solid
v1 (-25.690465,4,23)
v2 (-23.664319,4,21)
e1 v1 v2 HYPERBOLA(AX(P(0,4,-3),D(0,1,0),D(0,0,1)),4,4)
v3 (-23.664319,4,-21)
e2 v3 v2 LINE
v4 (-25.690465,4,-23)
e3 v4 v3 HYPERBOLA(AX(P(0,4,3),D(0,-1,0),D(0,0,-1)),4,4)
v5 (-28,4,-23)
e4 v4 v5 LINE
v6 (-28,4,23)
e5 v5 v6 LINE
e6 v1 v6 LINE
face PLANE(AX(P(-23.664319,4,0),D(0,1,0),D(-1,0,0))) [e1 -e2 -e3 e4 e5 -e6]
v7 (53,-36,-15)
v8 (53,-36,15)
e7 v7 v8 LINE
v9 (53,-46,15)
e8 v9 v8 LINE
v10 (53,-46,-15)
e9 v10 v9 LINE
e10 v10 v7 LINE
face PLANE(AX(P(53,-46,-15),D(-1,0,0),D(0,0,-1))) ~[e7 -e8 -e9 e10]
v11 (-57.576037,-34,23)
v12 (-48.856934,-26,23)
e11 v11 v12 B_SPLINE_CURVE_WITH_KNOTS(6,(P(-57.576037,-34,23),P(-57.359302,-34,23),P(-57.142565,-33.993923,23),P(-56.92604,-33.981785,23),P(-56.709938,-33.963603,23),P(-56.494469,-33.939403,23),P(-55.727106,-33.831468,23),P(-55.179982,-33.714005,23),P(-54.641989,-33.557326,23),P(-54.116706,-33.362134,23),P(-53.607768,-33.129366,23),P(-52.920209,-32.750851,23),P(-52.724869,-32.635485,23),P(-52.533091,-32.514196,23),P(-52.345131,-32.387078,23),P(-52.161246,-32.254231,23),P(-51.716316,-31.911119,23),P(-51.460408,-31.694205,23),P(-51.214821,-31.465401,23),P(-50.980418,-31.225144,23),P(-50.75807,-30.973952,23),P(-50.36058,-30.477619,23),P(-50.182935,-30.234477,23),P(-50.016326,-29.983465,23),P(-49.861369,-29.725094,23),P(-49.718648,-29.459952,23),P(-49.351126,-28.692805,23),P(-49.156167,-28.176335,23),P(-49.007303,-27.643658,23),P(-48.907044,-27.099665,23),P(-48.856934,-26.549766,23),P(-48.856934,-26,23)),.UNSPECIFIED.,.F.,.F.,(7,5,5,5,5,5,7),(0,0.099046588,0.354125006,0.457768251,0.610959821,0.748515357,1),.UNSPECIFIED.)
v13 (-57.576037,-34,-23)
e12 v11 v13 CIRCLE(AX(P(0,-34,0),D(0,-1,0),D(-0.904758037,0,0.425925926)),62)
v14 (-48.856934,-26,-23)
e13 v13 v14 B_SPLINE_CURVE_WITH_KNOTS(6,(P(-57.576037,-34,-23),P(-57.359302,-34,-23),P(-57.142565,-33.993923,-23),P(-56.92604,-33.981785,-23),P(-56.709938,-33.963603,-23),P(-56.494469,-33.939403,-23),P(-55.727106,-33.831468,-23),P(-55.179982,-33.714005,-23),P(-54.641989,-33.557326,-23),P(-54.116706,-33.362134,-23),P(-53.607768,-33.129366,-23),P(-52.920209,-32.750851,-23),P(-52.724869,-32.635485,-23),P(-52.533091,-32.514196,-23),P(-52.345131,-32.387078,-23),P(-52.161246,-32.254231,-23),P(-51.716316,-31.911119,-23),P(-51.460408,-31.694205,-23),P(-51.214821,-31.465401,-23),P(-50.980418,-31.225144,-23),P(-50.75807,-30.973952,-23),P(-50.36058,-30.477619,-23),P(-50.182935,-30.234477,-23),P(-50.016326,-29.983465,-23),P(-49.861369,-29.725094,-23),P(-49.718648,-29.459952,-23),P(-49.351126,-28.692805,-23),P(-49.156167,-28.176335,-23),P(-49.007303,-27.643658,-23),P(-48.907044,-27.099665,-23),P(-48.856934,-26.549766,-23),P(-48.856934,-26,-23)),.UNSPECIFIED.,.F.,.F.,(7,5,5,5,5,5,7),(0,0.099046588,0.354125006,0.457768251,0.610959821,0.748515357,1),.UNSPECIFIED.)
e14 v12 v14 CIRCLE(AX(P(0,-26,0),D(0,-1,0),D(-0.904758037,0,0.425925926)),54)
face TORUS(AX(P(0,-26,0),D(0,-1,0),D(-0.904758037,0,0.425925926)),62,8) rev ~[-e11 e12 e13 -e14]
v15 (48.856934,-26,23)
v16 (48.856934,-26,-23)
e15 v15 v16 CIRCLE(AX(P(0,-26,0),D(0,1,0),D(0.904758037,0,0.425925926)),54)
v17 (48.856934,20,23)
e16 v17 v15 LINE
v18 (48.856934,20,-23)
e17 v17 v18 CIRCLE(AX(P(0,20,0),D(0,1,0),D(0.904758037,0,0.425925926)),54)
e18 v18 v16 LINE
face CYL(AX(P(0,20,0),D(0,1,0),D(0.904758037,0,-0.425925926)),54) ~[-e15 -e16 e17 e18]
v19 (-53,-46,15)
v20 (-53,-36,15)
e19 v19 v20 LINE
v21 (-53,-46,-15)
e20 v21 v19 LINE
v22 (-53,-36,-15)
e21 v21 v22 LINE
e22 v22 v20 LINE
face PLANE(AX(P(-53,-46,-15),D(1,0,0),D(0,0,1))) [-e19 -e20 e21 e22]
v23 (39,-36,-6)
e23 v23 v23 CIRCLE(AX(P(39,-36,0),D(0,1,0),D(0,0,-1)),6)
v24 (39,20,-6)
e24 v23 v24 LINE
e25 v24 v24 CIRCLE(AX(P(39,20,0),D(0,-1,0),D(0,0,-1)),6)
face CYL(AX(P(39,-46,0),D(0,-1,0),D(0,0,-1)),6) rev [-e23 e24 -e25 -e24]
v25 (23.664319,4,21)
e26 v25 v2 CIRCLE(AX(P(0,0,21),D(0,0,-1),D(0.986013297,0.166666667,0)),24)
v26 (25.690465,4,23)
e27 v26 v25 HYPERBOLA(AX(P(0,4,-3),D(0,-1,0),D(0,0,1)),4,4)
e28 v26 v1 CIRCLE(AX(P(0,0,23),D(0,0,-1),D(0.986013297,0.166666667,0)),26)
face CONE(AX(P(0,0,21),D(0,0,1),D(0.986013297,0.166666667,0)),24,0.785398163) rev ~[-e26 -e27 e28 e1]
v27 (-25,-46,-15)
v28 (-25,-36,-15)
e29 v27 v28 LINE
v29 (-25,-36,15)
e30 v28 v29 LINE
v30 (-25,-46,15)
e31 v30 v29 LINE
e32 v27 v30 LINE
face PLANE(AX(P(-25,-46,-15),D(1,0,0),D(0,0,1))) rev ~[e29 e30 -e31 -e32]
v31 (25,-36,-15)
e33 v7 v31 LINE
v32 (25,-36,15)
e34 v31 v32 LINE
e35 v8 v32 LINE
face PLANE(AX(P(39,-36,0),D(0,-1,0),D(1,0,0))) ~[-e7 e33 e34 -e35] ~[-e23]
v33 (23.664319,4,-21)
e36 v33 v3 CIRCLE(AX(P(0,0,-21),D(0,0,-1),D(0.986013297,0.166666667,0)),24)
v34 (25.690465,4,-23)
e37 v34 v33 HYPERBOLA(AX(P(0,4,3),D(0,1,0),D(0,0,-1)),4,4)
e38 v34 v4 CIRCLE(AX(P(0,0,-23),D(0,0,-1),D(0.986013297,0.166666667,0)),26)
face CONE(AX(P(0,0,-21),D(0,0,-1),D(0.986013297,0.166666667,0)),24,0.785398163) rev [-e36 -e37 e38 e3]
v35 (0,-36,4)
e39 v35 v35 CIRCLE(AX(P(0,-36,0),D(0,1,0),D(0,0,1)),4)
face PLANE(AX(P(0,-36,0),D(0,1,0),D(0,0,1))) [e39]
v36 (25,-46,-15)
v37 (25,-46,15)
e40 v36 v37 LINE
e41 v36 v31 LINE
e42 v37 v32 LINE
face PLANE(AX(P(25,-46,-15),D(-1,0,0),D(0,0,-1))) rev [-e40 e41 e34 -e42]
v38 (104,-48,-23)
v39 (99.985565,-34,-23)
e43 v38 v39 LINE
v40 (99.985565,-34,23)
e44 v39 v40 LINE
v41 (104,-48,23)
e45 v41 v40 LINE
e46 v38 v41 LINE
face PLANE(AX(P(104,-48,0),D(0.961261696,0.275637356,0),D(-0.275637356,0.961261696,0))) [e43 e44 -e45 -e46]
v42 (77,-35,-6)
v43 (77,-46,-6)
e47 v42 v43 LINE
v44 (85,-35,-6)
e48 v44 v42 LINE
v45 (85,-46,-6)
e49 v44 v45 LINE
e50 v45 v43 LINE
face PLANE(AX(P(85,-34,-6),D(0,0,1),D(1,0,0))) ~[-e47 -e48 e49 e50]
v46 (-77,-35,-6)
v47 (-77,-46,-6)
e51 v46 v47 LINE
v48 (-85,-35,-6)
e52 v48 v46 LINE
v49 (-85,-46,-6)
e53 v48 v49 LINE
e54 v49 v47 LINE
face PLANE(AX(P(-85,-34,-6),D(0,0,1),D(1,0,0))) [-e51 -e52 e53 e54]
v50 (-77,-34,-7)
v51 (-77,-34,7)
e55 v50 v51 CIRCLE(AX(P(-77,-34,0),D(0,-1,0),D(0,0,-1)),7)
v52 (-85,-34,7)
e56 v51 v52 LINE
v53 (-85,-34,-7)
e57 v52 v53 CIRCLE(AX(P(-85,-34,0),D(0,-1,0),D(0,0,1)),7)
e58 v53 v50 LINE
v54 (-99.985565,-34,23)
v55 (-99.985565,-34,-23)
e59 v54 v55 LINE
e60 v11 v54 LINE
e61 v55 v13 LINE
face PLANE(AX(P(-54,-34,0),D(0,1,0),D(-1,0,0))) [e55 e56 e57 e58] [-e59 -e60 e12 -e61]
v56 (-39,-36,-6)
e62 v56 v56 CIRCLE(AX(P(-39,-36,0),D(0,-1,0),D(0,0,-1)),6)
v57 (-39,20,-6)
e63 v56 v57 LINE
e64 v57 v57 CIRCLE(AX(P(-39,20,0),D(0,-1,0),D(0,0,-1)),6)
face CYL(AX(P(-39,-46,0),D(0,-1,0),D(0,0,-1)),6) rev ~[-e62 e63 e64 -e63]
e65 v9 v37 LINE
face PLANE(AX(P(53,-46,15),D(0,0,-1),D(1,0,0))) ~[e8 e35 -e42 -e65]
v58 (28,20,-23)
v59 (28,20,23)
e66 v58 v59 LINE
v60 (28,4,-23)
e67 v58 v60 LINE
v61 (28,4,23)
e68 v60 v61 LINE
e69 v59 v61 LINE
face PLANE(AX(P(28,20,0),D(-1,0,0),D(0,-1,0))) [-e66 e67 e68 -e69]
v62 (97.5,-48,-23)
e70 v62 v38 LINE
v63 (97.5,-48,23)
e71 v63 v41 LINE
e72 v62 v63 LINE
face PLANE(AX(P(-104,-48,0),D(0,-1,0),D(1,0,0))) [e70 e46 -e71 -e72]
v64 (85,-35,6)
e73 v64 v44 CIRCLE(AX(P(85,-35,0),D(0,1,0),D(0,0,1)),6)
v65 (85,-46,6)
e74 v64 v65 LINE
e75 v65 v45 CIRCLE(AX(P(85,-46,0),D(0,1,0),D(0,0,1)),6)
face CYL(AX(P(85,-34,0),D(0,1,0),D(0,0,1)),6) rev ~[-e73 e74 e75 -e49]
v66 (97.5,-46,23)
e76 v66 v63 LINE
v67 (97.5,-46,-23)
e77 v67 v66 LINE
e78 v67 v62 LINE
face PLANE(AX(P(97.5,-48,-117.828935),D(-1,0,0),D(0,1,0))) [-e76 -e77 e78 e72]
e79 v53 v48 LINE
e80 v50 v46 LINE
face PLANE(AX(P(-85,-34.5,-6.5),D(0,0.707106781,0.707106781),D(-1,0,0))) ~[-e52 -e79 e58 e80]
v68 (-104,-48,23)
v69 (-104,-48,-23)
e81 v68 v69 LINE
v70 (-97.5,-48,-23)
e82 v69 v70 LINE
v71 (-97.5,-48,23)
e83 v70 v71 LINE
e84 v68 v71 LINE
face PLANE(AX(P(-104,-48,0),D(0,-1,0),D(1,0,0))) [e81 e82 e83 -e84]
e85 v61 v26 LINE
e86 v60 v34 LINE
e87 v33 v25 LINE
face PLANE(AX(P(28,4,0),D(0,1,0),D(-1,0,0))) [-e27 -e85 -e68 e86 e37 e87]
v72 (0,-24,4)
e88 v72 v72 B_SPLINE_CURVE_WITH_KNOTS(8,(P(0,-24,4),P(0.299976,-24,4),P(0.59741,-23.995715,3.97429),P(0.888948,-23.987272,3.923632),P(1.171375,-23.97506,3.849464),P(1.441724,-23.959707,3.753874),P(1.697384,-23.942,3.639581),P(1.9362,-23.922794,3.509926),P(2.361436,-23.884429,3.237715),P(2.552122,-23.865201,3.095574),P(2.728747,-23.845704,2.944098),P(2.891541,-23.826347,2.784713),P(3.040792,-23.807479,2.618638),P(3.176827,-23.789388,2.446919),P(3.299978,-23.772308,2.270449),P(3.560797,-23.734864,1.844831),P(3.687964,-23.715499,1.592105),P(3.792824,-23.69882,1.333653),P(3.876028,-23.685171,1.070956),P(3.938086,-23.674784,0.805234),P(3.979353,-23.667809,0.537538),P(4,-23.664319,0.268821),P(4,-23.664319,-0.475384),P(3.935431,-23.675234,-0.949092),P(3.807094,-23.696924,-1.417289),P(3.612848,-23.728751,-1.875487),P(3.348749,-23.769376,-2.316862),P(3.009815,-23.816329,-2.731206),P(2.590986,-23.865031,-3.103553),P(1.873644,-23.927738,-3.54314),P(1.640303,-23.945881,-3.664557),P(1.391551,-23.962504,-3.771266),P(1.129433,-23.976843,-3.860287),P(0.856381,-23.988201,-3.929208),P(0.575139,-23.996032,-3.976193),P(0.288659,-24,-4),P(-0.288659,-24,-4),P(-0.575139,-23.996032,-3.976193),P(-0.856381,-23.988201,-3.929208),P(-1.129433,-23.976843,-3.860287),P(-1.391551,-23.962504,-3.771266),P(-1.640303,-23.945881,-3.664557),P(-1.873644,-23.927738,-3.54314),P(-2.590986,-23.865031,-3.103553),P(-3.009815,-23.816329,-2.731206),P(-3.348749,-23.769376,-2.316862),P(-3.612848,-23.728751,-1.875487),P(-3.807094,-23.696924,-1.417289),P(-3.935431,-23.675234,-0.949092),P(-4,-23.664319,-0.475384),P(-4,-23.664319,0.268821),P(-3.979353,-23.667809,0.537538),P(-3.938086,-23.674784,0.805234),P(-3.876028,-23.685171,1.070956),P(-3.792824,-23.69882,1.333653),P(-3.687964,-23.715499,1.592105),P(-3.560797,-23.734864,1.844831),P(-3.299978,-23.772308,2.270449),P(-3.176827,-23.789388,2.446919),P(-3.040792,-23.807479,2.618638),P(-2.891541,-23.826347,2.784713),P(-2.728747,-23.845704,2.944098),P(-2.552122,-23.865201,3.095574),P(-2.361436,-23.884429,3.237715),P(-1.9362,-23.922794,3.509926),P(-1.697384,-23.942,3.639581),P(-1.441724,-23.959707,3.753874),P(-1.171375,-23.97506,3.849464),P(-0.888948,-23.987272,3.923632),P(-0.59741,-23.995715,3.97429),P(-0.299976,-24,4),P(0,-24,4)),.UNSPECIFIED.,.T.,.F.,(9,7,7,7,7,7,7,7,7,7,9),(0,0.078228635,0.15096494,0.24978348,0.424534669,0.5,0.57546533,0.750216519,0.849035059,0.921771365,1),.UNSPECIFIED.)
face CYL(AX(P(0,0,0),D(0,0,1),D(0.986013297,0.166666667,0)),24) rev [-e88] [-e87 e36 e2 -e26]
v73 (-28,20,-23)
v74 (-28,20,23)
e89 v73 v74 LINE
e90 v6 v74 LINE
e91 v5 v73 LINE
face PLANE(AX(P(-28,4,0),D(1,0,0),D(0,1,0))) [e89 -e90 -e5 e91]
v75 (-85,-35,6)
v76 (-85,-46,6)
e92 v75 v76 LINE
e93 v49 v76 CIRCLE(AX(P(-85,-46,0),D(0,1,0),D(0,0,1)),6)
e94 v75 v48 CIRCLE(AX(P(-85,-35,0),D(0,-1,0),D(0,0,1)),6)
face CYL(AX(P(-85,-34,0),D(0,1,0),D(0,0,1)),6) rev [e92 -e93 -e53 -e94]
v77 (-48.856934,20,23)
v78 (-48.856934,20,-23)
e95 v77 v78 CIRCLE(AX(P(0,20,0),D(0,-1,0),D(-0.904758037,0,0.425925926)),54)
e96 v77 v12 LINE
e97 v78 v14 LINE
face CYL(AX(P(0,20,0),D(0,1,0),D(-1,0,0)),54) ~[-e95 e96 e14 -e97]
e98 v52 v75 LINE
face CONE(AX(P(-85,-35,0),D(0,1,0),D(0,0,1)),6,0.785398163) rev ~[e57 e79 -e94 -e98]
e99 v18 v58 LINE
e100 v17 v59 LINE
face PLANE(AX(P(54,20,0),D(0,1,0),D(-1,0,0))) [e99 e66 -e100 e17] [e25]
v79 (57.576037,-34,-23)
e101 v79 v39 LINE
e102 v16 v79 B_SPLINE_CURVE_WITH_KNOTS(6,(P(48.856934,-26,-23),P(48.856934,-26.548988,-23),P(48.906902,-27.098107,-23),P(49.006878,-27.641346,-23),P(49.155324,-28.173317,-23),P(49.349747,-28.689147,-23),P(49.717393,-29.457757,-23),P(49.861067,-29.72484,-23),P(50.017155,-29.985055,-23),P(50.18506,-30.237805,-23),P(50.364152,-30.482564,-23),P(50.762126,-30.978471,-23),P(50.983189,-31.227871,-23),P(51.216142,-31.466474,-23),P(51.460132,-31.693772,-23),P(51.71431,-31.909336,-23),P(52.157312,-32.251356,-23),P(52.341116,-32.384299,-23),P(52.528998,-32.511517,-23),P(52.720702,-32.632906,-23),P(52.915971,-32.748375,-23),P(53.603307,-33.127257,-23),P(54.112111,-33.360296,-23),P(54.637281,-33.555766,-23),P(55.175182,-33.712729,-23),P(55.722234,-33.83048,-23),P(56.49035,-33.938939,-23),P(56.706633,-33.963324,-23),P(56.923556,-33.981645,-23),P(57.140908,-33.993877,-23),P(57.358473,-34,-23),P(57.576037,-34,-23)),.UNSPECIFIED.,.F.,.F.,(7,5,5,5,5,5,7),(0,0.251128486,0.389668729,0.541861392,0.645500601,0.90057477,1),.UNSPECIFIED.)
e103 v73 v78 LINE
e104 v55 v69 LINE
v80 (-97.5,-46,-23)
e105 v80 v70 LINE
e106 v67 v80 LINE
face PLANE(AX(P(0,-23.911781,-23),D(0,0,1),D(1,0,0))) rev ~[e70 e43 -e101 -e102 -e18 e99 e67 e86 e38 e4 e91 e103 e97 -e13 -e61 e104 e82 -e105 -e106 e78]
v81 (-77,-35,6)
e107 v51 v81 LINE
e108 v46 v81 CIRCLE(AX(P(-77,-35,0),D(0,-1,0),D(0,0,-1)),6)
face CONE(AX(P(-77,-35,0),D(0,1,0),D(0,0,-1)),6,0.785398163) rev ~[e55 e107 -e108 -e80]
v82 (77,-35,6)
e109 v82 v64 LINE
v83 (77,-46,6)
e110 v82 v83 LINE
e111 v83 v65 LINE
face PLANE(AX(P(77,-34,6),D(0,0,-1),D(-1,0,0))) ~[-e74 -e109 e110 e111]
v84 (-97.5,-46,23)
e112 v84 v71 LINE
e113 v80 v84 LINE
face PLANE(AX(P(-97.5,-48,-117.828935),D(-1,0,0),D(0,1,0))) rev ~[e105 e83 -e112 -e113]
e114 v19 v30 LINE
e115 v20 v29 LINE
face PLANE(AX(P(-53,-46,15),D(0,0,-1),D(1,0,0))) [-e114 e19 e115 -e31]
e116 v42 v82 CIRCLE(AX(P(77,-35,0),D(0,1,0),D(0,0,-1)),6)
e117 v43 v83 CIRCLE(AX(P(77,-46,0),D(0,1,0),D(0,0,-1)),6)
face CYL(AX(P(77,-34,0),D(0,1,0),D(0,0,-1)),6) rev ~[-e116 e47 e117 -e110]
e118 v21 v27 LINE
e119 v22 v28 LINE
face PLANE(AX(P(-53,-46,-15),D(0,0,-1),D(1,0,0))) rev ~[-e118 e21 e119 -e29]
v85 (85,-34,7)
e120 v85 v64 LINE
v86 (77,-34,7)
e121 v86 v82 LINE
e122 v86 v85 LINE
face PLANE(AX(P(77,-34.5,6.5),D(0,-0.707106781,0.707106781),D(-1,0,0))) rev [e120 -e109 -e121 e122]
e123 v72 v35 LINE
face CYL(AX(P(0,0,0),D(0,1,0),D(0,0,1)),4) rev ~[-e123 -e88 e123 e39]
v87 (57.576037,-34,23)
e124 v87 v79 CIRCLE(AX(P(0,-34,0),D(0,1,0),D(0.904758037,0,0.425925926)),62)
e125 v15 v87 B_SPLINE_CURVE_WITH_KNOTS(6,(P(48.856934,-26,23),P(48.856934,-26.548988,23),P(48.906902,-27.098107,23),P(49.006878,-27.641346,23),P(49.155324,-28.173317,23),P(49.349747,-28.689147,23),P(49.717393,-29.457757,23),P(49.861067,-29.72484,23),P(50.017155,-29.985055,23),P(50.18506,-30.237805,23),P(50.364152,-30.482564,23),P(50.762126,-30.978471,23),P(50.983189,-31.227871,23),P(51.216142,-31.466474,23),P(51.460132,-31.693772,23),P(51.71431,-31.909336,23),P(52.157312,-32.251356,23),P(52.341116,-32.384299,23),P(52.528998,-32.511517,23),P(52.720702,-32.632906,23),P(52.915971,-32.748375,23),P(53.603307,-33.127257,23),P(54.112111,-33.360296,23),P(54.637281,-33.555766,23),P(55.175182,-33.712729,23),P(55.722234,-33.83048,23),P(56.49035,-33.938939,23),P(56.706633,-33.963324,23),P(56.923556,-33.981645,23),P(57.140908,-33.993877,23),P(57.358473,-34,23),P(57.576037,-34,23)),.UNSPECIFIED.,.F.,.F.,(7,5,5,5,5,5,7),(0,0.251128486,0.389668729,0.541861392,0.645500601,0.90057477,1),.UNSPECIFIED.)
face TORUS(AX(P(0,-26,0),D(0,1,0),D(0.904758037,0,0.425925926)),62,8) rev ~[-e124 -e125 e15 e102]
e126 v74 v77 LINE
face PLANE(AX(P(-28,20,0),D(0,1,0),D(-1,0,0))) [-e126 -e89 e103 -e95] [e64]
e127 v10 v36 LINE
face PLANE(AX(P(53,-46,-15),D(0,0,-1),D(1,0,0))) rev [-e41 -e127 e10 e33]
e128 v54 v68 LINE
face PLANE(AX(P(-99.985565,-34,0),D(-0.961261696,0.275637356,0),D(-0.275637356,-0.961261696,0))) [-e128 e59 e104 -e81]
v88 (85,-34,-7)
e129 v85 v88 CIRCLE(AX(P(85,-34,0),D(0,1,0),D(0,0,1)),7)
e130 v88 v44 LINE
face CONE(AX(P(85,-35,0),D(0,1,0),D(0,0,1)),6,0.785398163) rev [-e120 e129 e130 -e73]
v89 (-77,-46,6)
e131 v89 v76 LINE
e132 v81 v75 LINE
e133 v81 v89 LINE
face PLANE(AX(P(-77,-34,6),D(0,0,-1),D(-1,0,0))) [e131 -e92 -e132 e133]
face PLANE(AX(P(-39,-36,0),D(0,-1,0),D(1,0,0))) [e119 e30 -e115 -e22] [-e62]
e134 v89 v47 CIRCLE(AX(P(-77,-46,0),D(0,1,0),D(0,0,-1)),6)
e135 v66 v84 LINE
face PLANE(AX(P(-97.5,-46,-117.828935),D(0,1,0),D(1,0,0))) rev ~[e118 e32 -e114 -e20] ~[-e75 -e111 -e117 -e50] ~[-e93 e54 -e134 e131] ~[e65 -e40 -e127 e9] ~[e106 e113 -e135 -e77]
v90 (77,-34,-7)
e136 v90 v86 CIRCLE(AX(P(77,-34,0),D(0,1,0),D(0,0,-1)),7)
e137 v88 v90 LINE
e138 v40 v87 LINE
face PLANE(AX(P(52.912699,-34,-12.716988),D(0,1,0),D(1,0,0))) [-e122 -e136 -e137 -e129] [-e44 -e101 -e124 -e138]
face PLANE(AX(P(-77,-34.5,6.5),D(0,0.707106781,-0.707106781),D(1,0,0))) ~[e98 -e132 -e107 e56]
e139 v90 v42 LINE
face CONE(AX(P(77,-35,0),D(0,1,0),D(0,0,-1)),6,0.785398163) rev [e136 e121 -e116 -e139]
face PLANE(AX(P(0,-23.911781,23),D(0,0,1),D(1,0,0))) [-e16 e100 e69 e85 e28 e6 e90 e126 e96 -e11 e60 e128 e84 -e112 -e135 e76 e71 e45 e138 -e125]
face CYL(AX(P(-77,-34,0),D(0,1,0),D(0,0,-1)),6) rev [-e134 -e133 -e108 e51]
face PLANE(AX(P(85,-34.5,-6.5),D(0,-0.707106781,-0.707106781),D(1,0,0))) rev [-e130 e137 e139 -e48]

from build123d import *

# Parameters (mm, degrees)
BOSS_EXTRUDE1_DEPTH     = 23
CUT_EXTRUDE5_DEPTH      = 54
FILLET1_R               = 8
CHAMFER1_SIZE           = 2
CUT_EXTRUDE2_DEPTH      = 117.82893492196186
CUT_EXTRUDE2_DEPTH_BACK = 117.82893492196186
SKETCH4_W               = 195
SKETCH4_H               = 2
CUT_EXTRUDE6_DEPTH      = 120.41942905658195
SKETCH5_W               = 28.000000000000004
SKETCH5_H               = 30
SKETCH5_R               = 6.000000000000002
CUT_EXTRUDE3_DEPTH      = 10
SKETCH5_2_R             = 6.000000000000002
CUT_EXTRUDE7_DEPTH      = 126.30363138632497
CHAMFER2_SIZE           = 1
SKETCH9_R               = 4
CUT_EXTRUDE8_DEPTH      = 36


with BuildPart() as part:
    # Sketch1 → Boss-Extrude1 (new, symmetric)
    with BuildSketch(Plane.XY):
        with BuildLine():
            Line((-104, -48), (104, -48))
            Line((104, -48), (99.98556459937663, -34))
            Line((99.98556459937663, -34), (54.00000000000001, -34.00000000000001))
            Line((54.00000000000001, -34.00000000000001), (54.00000000000001, 20))
            Line((54.00000000000001, 20), (28.000000000000004, 20))
            Line((28.000000000000004, 20), (28, 4))
            Line((28, 4), (23.664319132398468, 4))
            ThreePointArc((23.664319132398468, 4), (1.47e-15, -24.000000000000004), (-23.664319132398465, 4))
            Line((-23.664319132398465, 4), (-28, 4))
            Line((-28, 4), (-28, 20))
            Line((-28, 20), (-54.00000000000001, 20))
            Line((-54.00000000000001, 20), (-54.00000000000001, -34.00000000000001))
            Line((-54.00000000000001, -34.00000000000001), (-99.98556459937662, -33.99999999999999))
            Line((-99.98556459937662, -33.99999999999999), (-104, -48))
        make_face()
    extrude(amount=BOSS_EXTRUDE1_DEPTH, both=True)

    # Sketch7 → Cut-Extrude5 (cut)
    with BuildSketch(Plane(origin=(0, 20, 0), x_dir=(1, 2.9e-16, 0), z_dir=(-2.9e-16, 1, 0))):
        with BuildLine():
            Line((-54.00000000000001, 23), (-54.00000000000001, 4.0501e-13))
            ThreePointArc((-54.000000000000014, 4.0856e-13), (-52.69855043578576, 11.784005344828431), (-48.856934001224445, 23))
            Line((-48.85693400122444, 23), (-54.00000000000001, 23))
        make_face()
        with BuildLine():
            Line((-54.00000000000001, 4.0501e-13), (-54.00000000000001, -23))
            Line((-54.00000000000001, -23), (-48.85693400122444, -23))
            ThreePointArc((-48.856934001224445, -23.000000000000004), (-52.69855043578586, -11.784005344828039), (-54.000000000000014, 4.0856e-13))
        make_face()
        with BuildLine():
            ThreePointArc((48.85693400122443, 23.000000000000004), (52.69855043578579, 11.784005344828252), (54, 3.286e-14))
            Line((54.00000000000001, 3.553e-14), (54.00000000000001, 23))
            Line((54.00000000000001, 23), (48.856934001224424, 23))
        make_face()
        with BuildLine():
            Line((48.856934001224424, -23), (54.00000000000001, -23))
            Line((54.00000000000001, -23), (54.00000000000001, 3.553e-14))
            ThreePointArc((54, 3.286e-14), (52.698550435785805, -11.784005344828213), (48.85693400122443, -23))
        make_face()
    extrude(amount=-CUT_EXTRUDE5_DEPTH, mode=Mode.SUBTRACT)

    # Fillet1
    fillet1_edges = [part.edges().sort_by_distance(p)[0] for p in [
        (-54.000000000000014, -34.000000000000014, -4.4e-16),
        (54.00000000000001, -33.999999999999986, 4.44e-15),
    ]]
    fillet(fillet1_edges, radius=FILLET1_R)

    # Chamfer1
    chamfer1_edges = [part.edges().sort_by_distance(p)[0] for p in [
        (-4.44e-15, -24.000000000000007, -23),
        (-4.44e-15, -24.000000000000007, 23),
    ]]
    chamfer(chamfer1_edges, length=CHAMFER1_SIZE)

    # Sketch4 → Cut-Extrude2 (cut, two sides: drawn at the far end of the back side and taken through both)
    with BuildSketch(Plane.XY.offset(-CUT_EXTRUDE2_DEPTH_BACK)):
        with Locations((0, -47)):
            Rectangle(SKETCH4_W, SKETCH4_H)
    extrude(amount=CUT_EXTRUDE2_DEPTH + CUT_EXTRUDE2_DEPTH_BACK, mode=Mode.SUBTRACT)

    # Sketch8 → Cut-Extrude6 (cut, through all)
    with BuildSketch(Plane(origin=(-1.026e-14, -34.00000000000002, 0), x_dir=(1, -3e-16, 0), z_dir=(3e-16, 1, 0))):
        with BuildLine():
            Line((-85, 6), (-77, 6))
            ThreePointArc((-77, 6), (-71, 0), (-77, -6))
            Line((-77, -6), (-85, -6))
            ThreePointArc((-85, -6), (-91, 7.3e-16), (-85, 6))
        make_face()
    cut_extrude6 = extrude(amount=-CUT_EXTRUDE6_DEPTH, mode=Mode.SUBTRACT)

    # Sketch5 → Cut-Extrude3 (cut)
    with BuildSketch(Plane.XZ.offset(46)):
        with Locations((-39.00000000000001, -1.78e-15)):
            Rectangle(SKETCH5_W, SKETCH5_H)
        with Locations(Location((-38.99999999999999, -3.47e-15, 0), (0, 0, 270))):
            Circle(SKETCH5_R, mode=Mode.SUBTRACT)
    cut_extrude3 = extrude(amount=-CUT_EXTRUDE3_DEPTH, mode=Mode.SUBTRACT)

    # Sketch5<2> → Cut-Extrude7 (cut, through all)
    with BuildSketch(Plane.XZ.offset(46)):
        with Locations(Location((-38.99999999999999, -3.47e-15, 0), (0, 0, 270))):
            Circle(SKETCH5_2_R)
    cut_extrude7 = extrude(amount=-CUT_EXTRUDE7_DEPTH, mode=Mode.SUBTRACT)

    # Mirror5: Cut-Extrude6, Cut-Extrude3, Cut-Extrude7 across plane
    add(cut_extrude6.mirror(Plane(origin=(0, 0, 0), x_dir=(0, 0, 1), z_dir=(1, 0, 0))), mode=Mode.SUBTRACT)
    add(cut_extrude3.mirror(Plane(origin=(0, 0, 0), x_dir=(0, 0, 1), z_dir=(1, 0, 0))), mode=Mode.SUBTRACT)
    add(cut_extrude7.mirror(Plane(origin=(0, 0, 0), x_dir=(0, 0, 1), z_dir=(1, 0, 0))), mode=Mode.SUBTRACT)

    # Chamfer2
    chamfer2_edges = [part.edges().sort_by_distance(p)[0] for p in [
        (-91.00000000000001, -33.99999999999999, 3.7e-16),
        (-81.00000000000001, -34, 6),
        (-71.00000000000001, -34, -3.7e-16),
        (-81.00000000000001, -34, -6),
        (91, -33.99999999999999, 3.7e-16),
        (81, -34, 6),
        (71, -34, -3.7e-16),
        (81, -34, -6),
    ]]
    chamfer(chamfer2_edges, length=CHAMFER2_SIZE)

    # Sketch9 → Cut-Extrude8 (cut)
    with BuildSketch(Plane(origin=(0, 0, 0), x_dir=(1, 0, 0), z_dir=(0, 1, 0))):
        with Locations(Location((0, 0, 0), (0, 0, 270))):
            Circle(SKETCH9_R)
    extrude(amount=-CUT_EXTRUDE8_DEPTH, mode=Mode.SUBTRACT)


solid = part.part
